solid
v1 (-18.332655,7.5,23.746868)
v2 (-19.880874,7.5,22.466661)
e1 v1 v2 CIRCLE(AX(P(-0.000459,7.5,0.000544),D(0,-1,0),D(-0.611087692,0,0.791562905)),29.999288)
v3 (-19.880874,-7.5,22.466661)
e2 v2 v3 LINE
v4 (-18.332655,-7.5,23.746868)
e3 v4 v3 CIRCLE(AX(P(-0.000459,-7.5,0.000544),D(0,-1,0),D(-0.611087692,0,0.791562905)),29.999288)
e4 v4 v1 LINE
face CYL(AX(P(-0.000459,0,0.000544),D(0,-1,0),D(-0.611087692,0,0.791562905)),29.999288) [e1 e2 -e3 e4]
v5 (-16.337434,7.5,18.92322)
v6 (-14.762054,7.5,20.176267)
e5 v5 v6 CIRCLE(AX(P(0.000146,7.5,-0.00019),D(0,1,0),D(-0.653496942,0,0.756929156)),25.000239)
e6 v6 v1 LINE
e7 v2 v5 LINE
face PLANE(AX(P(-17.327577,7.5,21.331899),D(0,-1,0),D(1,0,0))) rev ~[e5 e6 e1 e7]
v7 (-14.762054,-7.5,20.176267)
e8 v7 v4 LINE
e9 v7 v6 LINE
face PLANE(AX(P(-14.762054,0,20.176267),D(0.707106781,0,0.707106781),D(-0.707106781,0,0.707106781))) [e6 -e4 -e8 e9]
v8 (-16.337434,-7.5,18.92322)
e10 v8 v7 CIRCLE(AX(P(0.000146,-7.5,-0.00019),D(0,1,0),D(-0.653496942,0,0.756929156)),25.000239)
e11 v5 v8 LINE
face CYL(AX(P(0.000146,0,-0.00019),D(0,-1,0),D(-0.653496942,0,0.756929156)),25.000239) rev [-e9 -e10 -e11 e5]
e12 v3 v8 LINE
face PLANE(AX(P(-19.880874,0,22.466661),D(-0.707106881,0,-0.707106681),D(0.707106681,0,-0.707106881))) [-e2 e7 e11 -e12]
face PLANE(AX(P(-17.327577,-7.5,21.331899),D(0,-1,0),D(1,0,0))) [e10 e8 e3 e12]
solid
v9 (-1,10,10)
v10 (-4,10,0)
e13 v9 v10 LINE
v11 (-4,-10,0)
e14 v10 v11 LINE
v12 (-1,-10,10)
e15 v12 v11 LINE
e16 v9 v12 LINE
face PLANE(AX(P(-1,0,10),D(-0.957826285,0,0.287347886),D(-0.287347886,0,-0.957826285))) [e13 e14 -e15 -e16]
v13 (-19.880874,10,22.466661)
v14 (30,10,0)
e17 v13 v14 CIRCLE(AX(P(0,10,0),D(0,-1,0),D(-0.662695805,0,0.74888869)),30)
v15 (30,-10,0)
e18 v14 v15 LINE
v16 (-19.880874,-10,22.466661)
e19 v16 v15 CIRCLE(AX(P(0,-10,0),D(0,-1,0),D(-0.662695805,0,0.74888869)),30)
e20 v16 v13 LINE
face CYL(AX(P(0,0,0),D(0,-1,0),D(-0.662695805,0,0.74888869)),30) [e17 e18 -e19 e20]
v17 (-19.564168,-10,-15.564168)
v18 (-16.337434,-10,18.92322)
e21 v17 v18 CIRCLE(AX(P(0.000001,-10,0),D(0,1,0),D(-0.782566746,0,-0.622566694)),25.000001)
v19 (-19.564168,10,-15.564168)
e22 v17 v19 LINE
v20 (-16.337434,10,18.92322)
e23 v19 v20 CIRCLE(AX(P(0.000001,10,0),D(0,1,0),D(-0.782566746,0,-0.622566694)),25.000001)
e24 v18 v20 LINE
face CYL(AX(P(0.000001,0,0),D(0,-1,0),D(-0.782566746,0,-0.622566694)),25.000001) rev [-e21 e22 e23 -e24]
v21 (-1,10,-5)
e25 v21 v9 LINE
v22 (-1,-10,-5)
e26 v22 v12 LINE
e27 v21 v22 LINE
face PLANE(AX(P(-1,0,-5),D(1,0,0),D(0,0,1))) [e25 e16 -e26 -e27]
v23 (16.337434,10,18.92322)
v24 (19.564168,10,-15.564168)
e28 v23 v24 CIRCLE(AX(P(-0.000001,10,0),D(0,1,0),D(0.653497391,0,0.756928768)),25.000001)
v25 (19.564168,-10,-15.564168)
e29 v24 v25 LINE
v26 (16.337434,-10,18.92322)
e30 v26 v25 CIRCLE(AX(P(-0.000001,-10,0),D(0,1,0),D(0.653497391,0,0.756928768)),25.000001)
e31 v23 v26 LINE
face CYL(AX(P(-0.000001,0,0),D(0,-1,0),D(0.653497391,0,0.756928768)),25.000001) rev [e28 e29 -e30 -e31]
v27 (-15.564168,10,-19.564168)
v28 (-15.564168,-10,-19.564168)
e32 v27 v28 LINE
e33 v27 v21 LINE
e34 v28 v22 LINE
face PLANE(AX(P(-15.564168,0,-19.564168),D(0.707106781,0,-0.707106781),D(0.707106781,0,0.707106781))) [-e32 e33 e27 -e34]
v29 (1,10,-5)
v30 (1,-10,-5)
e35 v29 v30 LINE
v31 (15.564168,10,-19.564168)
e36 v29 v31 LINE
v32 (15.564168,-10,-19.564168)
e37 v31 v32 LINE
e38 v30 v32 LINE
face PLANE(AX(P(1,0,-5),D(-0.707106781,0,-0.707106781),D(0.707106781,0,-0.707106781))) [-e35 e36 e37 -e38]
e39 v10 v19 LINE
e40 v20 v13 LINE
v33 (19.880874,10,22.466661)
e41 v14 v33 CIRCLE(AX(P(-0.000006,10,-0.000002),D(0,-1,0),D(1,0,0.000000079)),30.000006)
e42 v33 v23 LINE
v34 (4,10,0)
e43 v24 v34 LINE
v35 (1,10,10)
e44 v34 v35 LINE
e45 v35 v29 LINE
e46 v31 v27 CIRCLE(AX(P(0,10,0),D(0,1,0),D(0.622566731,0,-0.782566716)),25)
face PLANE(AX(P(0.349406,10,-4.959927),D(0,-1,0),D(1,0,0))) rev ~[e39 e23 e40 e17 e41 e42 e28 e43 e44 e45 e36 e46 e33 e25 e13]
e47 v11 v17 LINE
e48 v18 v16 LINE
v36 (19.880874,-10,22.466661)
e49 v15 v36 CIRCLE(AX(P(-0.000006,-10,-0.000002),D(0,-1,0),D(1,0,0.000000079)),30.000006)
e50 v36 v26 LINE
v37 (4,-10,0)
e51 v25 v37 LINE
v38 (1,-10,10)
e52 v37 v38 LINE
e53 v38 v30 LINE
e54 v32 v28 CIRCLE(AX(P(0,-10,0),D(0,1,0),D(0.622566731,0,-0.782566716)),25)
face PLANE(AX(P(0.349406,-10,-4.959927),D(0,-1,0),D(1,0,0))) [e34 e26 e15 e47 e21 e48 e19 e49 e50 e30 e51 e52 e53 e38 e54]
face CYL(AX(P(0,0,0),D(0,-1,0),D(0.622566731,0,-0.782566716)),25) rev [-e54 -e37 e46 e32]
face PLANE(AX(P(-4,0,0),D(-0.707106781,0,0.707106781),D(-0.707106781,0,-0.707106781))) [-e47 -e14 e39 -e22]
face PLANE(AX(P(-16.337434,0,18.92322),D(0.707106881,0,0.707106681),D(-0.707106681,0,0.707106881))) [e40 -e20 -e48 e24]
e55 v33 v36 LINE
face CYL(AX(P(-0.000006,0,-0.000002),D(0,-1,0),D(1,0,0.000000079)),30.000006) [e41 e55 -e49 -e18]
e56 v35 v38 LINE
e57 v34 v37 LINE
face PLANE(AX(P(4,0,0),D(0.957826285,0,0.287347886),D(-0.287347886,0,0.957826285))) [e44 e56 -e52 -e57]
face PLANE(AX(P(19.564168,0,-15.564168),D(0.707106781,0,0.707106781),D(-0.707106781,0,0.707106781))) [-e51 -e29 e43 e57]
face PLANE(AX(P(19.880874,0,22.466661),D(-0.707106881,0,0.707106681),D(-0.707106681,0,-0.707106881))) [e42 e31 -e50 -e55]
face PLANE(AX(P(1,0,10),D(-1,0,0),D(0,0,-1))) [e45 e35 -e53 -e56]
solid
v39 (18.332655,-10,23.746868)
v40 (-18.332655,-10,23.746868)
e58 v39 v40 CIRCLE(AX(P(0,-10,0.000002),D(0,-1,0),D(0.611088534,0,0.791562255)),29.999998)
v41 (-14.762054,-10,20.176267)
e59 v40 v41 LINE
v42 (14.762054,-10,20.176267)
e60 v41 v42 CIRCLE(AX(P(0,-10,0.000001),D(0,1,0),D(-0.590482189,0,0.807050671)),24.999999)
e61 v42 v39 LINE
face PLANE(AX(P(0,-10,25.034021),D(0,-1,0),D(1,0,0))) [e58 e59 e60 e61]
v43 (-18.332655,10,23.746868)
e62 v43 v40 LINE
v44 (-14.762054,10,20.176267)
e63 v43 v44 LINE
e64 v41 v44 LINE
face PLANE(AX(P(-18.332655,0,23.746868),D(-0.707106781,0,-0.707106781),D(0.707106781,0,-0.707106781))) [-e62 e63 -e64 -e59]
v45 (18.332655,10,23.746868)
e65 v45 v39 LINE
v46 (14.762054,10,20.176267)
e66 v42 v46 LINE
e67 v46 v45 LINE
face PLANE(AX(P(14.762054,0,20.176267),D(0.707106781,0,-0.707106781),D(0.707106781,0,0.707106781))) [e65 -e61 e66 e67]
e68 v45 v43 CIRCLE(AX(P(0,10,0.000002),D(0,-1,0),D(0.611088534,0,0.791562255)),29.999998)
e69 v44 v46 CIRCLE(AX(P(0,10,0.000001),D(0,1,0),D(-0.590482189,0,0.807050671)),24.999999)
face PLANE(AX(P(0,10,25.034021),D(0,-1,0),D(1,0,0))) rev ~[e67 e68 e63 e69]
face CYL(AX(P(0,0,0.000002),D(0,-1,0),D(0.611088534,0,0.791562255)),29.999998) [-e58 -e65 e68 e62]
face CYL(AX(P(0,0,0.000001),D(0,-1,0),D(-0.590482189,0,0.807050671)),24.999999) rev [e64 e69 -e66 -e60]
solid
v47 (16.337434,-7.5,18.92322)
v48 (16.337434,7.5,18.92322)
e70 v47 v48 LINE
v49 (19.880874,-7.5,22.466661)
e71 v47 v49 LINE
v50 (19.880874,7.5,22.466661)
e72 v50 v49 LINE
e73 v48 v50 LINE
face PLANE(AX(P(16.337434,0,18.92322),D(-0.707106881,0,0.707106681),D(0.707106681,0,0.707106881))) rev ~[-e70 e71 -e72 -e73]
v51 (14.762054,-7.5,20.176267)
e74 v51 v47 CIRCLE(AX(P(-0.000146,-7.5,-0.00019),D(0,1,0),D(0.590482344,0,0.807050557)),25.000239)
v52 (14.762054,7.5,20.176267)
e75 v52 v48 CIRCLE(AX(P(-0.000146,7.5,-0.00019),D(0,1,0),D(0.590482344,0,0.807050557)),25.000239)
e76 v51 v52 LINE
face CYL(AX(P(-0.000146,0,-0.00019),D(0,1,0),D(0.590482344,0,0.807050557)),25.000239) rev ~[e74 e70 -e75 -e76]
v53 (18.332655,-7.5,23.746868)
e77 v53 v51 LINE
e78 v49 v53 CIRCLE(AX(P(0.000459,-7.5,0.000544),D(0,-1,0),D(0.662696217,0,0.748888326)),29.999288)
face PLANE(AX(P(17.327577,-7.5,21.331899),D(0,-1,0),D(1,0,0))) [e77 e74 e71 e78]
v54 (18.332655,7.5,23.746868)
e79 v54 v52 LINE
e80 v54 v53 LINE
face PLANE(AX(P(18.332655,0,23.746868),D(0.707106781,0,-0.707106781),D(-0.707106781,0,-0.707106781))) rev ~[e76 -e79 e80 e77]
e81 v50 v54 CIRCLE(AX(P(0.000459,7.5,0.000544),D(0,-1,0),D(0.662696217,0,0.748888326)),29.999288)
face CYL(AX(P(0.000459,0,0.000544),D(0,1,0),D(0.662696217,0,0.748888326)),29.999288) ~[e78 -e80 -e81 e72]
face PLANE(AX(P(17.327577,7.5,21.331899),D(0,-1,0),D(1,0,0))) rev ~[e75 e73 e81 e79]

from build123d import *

# Parameters (mm, degrees)
F1_DEPTH = 10
F2_DEPTH = 10
F3_DEPTH = 7.5


with BuildPart() as f1:
    # F0 (on Front) → F1 (new body, symmetric)
    with BuildSketch(Plane.XZ):
        with BuildLine():
            ThreePointArc((-19.880874, 22.466661), (-12.320182, -27.353484), (30, 0))
            ThreePointArc((30, 0), (27.353484, 12.320182), (19.880874, 22.466661))
            Line((19.880874, 22.466661), (16.337434, 18.92322))
            ThreePointArc((16.337434, 18.92322), (24.891288, 2.328897), (19.564168, -15.564168))
            Line((19.564168, -15.564168), (4, 0))
            Line((4, 0), (1, 10))
            Line((1, 10), (1, -5))
            Line((1, -5), (15.564168, -19.564168))
            ThreePointArc((15.564168, -19.564168), (0, -25), (-15.564168, -19.564168))
            Line((-15.564168, -19.564168), (-1, -5))
            Line((-1, -5), (-1, 10))
            Line((-1, 10), (-4, 0))
            Line((-4, 0), (-19.564168, -15.564168))
            ThreePointArc((-19.564168, -15.564168), (-24.891288, 2.328897), (-16.337434, 18.92322))
            Line((-16.337434, 18.92322), (-19.880874, 22.466661))
        make_face()
    extrude(amount=F1_DEPTH, both=True)


with BuildPart() as f2:
    # F0 (on Front) → F2 (new body, symmetric)
    with BuildSketch(Plane.XZ):
        with BuildLine():
            Line((14.762054, 20.176267), (18.332655, 23.746868))
            ThreePointArc((18.332655, 23.746868), (0, 30), (-18.332655, 23.746868))
            Line((-18.332655, 23.746868), (-14.762054, 20.176267))
            ThreePointArc((-14.762054, 20.176267), (0, 25), (14.762054, 20.176267))
        make_face()
    extrude(amount=F2_DEPTH, both=True)


with BuildPart() as f3:
    # F0 (on Front) → F3 (new body, symmetric)
    with BuildSketch(Plane.XZ):
        with BuildLine():
            Line((16.337434, 18.92322), (19.880874, 22.466661))
            ThreePointArc((19.880874, 22.466661), (19.117484, 23.119728), (18.332655, 23.746868))
            Line((18.332655, 23.746868), (14.762054, 20.176267))
            ThreePointArc((14.762054, 20.176267), (15.56236, 19.565606), (16.337434, 18.92322))
        make_face()
        with BuildLine():
            ThreePointArc((-18.332655, 23.746868), (-19.117484, 23.119728), (-19.880874, 22.466661))
            Line((-19.880874, 22.466661), (-16.337434, 18.92322))
            ThreePointArc((-16.337434, 18.92322), (-15.56236, 19.565606), (-14.762054, 20.176267))
            Line((-14.762054, 20.176267), (-18.332655, 23.746868))
        make_face()
    extrude(amount=F3_DEPTH, both=True)


solid = Compound([f1.part, f2.part, f3.part])
